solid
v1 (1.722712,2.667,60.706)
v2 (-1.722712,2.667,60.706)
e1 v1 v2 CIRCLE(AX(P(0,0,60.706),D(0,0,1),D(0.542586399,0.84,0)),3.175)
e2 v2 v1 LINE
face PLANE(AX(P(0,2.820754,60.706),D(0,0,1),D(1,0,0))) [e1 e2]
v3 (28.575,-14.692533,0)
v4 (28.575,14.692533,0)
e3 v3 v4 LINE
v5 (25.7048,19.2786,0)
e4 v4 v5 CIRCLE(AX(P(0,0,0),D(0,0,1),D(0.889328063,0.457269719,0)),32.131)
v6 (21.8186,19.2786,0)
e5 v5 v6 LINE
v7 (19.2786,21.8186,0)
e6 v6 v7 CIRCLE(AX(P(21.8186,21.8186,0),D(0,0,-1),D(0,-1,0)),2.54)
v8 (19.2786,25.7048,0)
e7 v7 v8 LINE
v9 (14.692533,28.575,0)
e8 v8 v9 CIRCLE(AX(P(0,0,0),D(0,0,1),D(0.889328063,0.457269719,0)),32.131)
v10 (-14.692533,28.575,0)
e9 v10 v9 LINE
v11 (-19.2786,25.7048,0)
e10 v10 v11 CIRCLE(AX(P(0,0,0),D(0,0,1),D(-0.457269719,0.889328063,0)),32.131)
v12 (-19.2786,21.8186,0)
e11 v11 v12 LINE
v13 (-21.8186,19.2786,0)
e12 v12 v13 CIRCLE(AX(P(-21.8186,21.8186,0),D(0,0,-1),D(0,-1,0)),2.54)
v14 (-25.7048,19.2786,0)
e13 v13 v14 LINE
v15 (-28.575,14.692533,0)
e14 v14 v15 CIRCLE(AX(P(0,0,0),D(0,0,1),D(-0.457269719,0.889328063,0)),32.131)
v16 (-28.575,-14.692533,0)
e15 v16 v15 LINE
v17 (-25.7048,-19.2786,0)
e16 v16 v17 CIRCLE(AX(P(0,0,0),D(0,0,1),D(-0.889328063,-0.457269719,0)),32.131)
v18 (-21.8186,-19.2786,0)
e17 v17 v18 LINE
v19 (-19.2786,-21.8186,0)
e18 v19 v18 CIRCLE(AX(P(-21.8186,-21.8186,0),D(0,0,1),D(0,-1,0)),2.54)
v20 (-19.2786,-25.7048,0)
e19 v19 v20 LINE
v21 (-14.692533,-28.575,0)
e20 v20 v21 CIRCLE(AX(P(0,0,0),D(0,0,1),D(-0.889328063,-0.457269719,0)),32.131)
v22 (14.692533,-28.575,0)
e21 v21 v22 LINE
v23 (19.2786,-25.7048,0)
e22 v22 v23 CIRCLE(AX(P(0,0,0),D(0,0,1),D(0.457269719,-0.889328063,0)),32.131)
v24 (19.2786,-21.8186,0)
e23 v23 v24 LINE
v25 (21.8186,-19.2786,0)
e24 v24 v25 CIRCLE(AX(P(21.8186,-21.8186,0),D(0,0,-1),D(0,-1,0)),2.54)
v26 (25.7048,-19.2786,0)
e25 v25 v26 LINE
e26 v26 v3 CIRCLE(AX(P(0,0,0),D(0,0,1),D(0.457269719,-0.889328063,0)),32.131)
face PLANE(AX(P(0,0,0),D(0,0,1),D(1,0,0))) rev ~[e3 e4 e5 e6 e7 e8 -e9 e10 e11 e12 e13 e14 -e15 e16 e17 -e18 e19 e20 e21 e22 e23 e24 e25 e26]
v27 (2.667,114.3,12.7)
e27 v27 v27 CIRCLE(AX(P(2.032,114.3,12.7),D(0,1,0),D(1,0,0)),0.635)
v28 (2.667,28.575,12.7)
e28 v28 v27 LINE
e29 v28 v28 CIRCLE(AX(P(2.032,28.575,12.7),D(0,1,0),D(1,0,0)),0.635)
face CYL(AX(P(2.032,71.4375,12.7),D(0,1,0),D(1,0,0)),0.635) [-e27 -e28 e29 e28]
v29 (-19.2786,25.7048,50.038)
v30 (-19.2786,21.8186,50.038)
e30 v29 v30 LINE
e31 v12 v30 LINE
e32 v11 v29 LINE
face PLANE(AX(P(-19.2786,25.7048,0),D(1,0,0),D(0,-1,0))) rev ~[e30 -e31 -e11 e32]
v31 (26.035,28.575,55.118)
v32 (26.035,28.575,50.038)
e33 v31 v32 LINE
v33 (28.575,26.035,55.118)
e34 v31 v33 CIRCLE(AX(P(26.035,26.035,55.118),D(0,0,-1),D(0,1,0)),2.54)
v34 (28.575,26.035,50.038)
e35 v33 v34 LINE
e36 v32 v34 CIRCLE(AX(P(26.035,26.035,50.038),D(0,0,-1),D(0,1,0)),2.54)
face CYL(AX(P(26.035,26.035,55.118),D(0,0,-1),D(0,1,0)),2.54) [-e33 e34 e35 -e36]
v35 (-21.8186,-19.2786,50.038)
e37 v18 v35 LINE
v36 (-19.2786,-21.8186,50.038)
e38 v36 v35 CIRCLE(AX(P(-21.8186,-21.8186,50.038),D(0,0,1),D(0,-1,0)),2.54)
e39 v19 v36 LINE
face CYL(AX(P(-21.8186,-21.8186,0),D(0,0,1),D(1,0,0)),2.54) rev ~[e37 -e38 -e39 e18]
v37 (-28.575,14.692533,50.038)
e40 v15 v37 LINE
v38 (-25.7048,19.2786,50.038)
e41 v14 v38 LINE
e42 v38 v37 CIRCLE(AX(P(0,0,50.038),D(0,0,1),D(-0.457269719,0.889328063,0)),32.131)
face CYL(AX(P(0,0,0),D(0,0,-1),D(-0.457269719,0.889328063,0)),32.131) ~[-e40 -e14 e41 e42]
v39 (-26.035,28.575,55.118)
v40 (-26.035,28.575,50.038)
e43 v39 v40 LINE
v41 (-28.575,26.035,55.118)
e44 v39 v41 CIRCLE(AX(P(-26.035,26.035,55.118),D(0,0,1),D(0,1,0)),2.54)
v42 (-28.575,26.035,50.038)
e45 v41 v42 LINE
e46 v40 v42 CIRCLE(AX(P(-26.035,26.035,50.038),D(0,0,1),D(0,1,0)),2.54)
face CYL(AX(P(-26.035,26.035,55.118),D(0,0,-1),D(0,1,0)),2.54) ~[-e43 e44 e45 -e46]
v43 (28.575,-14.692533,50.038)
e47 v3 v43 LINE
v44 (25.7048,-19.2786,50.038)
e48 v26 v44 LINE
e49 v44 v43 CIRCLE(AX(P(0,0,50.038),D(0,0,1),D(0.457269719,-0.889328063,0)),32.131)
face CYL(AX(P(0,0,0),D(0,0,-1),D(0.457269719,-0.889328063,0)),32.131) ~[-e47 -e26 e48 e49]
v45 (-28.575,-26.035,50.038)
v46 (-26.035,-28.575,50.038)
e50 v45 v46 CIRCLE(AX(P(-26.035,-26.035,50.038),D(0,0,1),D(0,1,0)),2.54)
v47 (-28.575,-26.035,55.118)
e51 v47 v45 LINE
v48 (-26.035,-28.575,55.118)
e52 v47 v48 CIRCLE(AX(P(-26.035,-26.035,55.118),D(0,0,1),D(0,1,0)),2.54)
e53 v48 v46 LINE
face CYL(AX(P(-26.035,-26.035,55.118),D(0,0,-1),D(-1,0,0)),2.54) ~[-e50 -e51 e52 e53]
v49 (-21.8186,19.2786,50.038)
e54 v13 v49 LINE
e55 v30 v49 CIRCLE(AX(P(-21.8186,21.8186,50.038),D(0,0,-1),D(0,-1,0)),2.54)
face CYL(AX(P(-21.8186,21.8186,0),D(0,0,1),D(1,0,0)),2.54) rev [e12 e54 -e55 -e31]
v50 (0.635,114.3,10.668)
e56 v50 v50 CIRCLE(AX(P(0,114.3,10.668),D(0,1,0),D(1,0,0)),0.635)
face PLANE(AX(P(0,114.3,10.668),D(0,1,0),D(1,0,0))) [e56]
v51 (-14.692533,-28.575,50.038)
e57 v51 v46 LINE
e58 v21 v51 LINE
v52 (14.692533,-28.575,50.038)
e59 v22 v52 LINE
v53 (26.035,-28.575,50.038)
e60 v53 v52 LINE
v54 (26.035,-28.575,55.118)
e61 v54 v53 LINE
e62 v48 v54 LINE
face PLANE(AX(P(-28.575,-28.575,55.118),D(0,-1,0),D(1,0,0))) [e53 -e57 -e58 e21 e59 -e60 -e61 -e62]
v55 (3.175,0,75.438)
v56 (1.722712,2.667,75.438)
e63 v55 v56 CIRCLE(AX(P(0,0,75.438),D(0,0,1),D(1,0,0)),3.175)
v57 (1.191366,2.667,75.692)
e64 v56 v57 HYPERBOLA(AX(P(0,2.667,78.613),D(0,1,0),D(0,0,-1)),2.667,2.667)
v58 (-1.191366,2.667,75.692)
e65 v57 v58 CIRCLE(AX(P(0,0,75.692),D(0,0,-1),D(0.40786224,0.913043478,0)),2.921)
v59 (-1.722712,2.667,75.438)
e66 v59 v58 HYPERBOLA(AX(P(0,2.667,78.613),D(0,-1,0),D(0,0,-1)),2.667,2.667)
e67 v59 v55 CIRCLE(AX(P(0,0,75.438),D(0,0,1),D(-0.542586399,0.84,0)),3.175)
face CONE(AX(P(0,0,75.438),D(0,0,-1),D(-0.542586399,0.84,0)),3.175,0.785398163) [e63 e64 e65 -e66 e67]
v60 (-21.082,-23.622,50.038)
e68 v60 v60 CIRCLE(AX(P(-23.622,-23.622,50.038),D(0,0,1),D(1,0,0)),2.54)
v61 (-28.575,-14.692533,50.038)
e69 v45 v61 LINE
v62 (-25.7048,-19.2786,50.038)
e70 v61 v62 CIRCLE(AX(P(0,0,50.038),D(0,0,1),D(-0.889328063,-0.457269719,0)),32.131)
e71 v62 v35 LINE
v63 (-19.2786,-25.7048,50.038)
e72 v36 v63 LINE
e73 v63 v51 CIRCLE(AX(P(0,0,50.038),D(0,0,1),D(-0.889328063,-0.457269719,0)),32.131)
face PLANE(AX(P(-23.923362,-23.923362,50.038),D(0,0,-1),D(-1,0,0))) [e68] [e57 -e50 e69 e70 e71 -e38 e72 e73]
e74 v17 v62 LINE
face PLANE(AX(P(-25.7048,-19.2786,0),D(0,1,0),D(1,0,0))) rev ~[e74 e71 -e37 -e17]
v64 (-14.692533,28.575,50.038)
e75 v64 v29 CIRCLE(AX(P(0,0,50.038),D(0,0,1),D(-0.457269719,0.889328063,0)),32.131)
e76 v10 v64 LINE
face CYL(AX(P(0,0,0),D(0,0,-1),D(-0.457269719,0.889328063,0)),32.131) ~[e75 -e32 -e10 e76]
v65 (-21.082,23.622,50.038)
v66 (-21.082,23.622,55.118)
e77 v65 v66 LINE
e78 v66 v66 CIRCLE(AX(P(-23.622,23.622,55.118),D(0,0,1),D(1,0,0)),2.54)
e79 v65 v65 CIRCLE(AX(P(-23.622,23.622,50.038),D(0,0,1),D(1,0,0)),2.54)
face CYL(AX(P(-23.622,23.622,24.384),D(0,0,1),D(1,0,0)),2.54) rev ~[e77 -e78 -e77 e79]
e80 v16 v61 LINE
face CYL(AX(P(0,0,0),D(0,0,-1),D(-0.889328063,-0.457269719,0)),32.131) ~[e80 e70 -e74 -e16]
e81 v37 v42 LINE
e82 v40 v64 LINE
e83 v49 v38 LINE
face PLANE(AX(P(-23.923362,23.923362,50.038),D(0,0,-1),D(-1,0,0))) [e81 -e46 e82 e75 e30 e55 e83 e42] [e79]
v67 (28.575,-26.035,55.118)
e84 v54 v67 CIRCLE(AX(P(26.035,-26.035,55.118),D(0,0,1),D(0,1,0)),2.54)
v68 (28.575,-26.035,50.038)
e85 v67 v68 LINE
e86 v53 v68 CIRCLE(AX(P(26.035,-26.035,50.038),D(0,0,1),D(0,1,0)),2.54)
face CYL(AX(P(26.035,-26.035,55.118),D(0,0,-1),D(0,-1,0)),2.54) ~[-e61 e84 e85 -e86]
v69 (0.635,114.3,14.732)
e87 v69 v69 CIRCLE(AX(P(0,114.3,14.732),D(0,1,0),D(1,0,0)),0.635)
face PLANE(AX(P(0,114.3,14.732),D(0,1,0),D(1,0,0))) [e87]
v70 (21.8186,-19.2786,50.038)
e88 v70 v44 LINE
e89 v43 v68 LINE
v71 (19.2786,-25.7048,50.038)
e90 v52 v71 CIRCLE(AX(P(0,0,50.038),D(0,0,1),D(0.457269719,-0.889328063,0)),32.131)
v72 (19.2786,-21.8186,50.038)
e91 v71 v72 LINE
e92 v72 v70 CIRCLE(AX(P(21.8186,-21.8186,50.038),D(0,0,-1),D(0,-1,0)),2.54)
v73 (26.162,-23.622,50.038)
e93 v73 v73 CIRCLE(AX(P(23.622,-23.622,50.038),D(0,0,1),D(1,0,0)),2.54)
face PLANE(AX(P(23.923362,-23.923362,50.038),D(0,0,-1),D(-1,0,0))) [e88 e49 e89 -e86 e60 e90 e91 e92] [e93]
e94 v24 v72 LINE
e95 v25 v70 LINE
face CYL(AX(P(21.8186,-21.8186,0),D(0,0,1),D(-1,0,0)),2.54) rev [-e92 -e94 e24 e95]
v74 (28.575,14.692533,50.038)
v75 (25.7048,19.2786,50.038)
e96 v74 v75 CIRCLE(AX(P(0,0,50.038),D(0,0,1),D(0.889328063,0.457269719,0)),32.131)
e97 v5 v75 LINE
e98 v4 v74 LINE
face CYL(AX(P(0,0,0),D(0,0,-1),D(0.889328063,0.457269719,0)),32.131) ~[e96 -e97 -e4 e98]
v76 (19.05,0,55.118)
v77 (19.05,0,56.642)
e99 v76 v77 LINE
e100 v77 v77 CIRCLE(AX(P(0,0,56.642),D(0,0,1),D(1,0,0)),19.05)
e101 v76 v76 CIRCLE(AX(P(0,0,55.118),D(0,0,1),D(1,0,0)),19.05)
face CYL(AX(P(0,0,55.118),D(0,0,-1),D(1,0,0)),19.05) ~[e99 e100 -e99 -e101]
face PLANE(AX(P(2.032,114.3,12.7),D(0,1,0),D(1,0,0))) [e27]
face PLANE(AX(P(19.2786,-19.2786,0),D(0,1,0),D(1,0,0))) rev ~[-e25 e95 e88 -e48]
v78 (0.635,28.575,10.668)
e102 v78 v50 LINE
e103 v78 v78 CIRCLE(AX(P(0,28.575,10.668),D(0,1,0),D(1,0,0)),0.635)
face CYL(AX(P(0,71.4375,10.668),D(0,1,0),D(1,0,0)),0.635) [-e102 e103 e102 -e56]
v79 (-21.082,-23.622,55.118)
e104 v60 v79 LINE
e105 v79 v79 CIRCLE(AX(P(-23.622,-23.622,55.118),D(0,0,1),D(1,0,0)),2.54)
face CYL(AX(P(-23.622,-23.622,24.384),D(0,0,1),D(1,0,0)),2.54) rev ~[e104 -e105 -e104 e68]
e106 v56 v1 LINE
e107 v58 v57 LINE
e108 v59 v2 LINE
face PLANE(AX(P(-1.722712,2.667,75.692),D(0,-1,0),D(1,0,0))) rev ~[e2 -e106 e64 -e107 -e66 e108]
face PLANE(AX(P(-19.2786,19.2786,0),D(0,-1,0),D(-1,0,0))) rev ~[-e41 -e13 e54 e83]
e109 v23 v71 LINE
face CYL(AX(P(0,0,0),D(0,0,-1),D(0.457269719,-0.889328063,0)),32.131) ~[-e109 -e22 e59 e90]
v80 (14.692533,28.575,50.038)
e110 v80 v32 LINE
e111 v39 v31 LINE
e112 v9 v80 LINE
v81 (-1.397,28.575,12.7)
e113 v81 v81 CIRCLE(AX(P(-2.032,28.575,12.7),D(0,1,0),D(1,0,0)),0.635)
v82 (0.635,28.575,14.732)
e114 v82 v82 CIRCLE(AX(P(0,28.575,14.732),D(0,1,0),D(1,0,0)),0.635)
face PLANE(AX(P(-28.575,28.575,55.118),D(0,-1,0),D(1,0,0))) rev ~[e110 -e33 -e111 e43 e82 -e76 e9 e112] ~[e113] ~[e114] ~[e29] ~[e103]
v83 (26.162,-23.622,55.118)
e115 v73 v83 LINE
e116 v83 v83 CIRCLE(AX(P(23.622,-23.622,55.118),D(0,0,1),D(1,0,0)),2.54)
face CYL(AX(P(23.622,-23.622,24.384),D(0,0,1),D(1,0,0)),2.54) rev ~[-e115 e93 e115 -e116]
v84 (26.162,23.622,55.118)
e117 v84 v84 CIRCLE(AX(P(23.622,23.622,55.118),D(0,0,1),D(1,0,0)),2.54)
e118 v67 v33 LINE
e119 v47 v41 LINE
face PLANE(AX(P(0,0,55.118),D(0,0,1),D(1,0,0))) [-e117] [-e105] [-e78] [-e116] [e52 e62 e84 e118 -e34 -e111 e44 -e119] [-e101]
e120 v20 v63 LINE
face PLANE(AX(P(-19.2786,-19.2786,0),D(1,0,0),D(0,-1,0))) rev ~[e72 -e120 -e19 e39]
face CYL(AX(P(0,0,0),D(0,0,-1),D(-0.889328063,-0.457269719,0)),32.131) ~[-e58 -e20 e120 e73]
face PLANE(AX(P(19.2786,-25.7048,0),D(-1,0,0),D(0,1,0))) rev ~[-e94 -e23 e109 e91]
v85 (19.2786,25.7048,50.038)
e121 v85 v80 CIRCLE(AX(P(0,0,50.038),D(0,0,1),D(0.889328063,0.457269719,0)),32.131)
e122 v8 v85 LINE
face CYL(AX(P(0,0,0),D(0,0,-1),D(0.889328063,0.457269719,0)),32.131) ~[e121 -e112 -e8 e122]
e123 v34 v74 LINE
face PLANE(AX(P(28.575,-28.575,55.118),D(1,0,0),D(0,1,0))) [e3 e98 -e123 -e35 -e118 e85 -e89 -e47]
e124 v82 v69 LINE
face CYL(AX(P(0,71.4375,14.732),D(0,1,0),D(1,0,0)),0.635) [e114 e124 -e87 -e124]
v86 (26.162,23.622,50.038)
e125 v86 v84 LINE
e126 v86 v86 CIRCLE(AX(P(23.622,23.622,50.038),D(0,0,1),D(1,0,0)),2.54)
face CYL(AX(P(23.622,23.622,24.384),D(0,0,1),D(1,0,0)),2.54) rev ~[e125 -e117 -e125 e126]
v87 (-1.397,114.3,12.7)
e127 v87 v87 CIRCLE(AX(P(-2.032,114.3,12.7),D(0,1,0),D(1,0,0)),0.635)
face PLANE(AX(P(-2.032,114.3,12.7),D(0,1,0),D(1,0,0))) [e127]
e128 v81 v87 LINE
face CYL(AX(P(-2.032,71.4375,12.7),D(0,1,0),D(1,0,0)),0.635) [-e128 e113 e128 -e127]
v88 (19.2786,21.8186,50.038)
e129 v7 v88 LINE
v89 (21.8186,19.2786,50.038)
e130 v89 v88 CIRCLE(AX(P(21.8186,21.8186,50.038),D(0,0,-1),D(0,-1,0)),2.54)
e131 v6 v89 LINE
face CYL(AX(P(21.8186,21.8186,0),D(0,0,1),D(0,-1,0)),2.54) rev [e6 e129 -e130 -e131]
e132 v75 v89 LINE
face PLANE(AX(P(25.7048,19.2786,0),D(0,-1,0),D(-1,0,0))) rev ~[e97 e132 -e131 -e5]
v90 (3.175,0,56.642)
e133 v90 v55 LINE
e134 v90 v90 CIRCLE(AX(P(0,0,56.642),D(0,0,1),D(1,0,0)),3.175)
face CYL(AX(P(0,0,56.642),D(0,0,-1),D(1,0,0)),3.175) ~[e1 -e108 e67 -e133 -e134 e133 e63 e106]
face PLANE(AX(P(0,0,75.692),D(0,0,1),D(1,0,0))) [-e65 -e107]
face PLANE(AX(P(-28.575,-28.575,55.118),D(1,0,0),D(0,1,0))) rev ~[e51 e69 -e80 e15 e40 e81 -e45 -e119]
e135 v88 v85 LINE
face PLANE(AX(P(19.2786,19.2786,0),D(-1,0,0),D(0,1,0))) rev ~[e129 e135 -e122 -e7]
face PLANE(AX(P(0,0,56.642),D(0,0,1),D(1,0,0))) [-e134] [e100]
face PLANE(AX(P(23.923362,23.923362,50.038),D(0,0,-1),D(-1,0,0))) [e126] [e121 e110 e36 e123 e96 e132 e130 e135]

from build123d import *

# Parameters (mm, degrees)
SKETCH1_W           = 57.15
SKETCH1_H           = 57.15
BOSS_EXTRUDE1_DEPTH = 55.118
CUT_EXTRUDE1_DEPTH  = 50.038
CUT_EXTRUDE2_DEPTH  = 50.038
CUT_EXTRUDE3_DEPTH  = 50.038
CUT_EXTRUDE4_DEPTH  = 50.038
CUT_EXTRUDE5_DEPTH  = 50.038
CUT_EXTRUDE6_DEPTH  = 50.038
CUT_EXTRUDE7_DEPTH  = 50.038
CUT_EXTRUDE8_DEPTH  = 50.038
SKETCH10_R          = 19.05
BOSS_EXTRUDE2_DEPTH = 1.524
SKETCH11_R          = 3.175
BOSS_EXTRUDE3_DEPTH = 19.05
CUT_EXTRUDE9_DEPTH  = 14.986
SKETCH13_W          = 0.635
SKETCH13_H          = 85.725
SKETCH14_W          = 0.635
SKETCH14_H          = 85.725
SKETCH15_W          = 0.635
SKETCH15_H          = 85.725
SKETCH16_W          = 0.635
SKETCH16_H          = 85.725
HOLE1_D             = 5.08
HOLE1_DEPTH         = 25.654
HOLE2_D             = 5.08
HOLE2_DEPTH         = 25.654
HOLE3_D             = 5.08
HOLE3_DEPTH         = 25.654
HOLE4_D             = 5.08
HOLE4_DEPTH         = 25.654
CHAMFER1_SIZE       = 0.254
FILLET1_R           = 2.54
FILLET2_R           = 2.54
FILLET3_R           = 2.54
FILLET4_R           = 2.54
FILLET5_R           = 2.54
FILLET6_R           = 2.54
FILLET7_R           = 2.54
FILLET8_R           = 2.54


with BuildPart() as part:
    # Sketch1 → Boss-Extrude1 (new body)
    with BuildSketch(Plane.XY.offset(55.118)):
        Rectangle(SKETCH1_W, SKETCH1_H)
    extrude(amount=-BOSS_EXTRUDE1_DEPTH)

    # Sketch2 → Cut-Extrude1 (cut)
    with BuildSketch(Plane(origin=(0, 0, 0), x_dir=(-1, 0, 0), z_dir=(0, 0, -1))):
        with BuildLine():
            Line((-28.575, -28.575), (-14.692533342, -28.575))
            ThreePointArc((-14.692533342, -28.575), (-22.720047986, -22.720047986), (-28.575, -14.692533342))
            Line((-28.575, -14.692533342), (-28.575, -28.575))
        make_face()
    extrude(amount=-CUT_EXTRUDE1_DEPTH, mode=Mode.SUBTRACT)

    # Sketch3 → Cut-Extrude2 (cut)
    with BuildSketch(Plane(origin=(0, 0, 0), x_dir=(-1, 0, 0), z_dir=(0, 0, -1))):
        with BuildLine():
            Line((-19.2786, -25.7048), (-19.2786, -19.2786))
            Line((-19.2786, -19.2786), (-25.7048, -19.2786))
            ThreePointArc((-25.7048, -19.2786), (-22.720047986, -22.720047986), (-19.2786, -25.7048))
        make_face()
    extrude(amount=-CUT_EXTRUDE2_DEPTH, mode=Mode.SUBTRACT)

    # Sketch4 → Cut-Extrude3 (cut)
    with BuildSketch(Plane(origin=(0, 0, 0), x_dir=(-1, 0, 0), z_dir=(0, 0, -1))):
        with BuildLine():
            Line((-28.575, 28.575), (-28.575, 14.692533342))
            ThreePointArc((-28.575, 14.692533342), (-22.720047986, 22.720047986), (-14.692533342, 28.575))
            Line((-14.692533342, 28.575), (-28.575, 28.575))
        make_face()
    extrude(amount=-CUT_EXTRUDE3_DEPTH, mode=Mode.SUBTRACT)

    # Sketch5 → Cut-Extrude4 (cut)
    with BuildSketch(Plane(origin=(0, 0, 0), x_dir=(-1, 0, 0), z_dir=(0, 0, -1))):
        with BuildLine():
            Line((-25.7048, 19.2786), (-19.2786, 19.2786))
            Line((-19.2786, 19.2786), (-19.2786, 25.7048))
            ThreePointArc((-19.2786, 25.7048), (-22.720047986, 22.720047986), (-25.7048, 19.2786))
        make_face()
    extrude(amount=-CUT_EXTRUDE4_DEPTH, mode=Mode.SUBTRACT)

    # Sketch6 → Cut-Extrude5 (cut)
    with BuildSketch(Plane(origin=(0, 0, 0), x_dir=(-1, 0, 0), z_dir=(0, 0, -1))):
        with BuildLine():
            Line((28.575, 28.575), (14.692533342, 28.575))
            ThreePointArc((14.692533342, 28.575), (22.720047986, 22.720047986), (28.575, 14.692533342))
            Line((28.575, 14.692533342), (28.575, 28.575))
        make_face()
    extrude(amount=-CUT_EXTRUDE5_DEPTH, mode=Mode.SUBTRACT)

    # Sketch7 → Cut-Extrude6 (cut)
    with BuildSketch(Plane(origin=(0, 0, 0), x_dir=(-1, 0, 0), z_dir=(0, 0, -1))):
        with BuildLine():
            Line((19.2786, 25.7048), (19.2786, 19.2786))
            Line((19.2786, 19.2786), (25.7048, 19.2786))
            ThreePointArc((25.7048, 19.2786), (22.720047986, 22.720047986), (19.2786, 25.7048))
        make_face()
    extrude(amount=-CUT_EXTRUDE6_DEPTH, mode=Mode.SUBTRACT)

    # Sketch8 → Cut-Extrude7 (cut)
    with BuildSketch(Plane(origin=(0, 0, 0), x_dir=(-1, 0, 0), z_dir=(0, 0, -1))):
        with BuildLine():
            Line((28.575, -28.575), (28.575, -14.692533342))
            ThreePointArc((28.575, -14.692533342), (22.720047986, -22.720047986), (14.692533342, -28.575))
            Line((14.692533342, -28.575), (28.575, -28.575))
        make_face()
    extrude(amount=-CUT_EXTRUDE7_DEPTH, mode=Mode.SUBTRACT)

    # Sketch9 → Cut-Extrude8 (cut)
    with BuildSketch(Plane(origin=(0, 0, 0), x_dir=(-1, 0, 0), z_dir=(0, 0, -1))):
        with BuildLine():
            Line((25.7048, -19.2786), (19.2786, -19.2786))
            Line((19.2786, -19.2786), (19.2786, -25.7048))
            ThreePointArc((19.2786, -25.7048), (22.720047986, -22.720047986), (25.7048, -19.2786))
        make_face()
    extrude(amount=-CUT_EXTRUDE8_DEPTH, mode=Mode.SUBTRACT)

    # Sketch10 → Boss-Extrude2 (add)
    with BuildSketch(Plane.XY.offset(55.118)):
        Circle(SKETCH10_R)
    extrude(amount=BOSS_EXTRUDE2_DEPTH)

    # Sketch11 → Boss-Extrude3 (add)
    with BuildSketch(Plane.XY.offset(56.642)):
        Circle(SKETCH11_R)
    extrude(amount=BOSS_EXTRUDE3_DEPTH)

    # Sketch12 → Cut-Extrude9 (cut)
    with BuildSketch(Plane.XY.offset(75.692)):
        with BuildLine():
            Line((-1.722711816, 2.667), (1.722711816, 2.667))
            ThreePointArc((1.722711816, 2.667), (0, 3.175), (-1.722711816, 2.667))
        make_face()
    extrude(amount=-CUT_EXTRUDE9_DEPTH, mode=Mode.SUBTRACT)

    # Sketch13 → Revolve1 (revolve)
    with BuildSketch(Plane(origin=(0, 0, 12.7), x_dir=(-1, 0, 0), z_dir=(0, 0, -1))):
        with Locations((1.7145, 71.4375)):
            Rectangle(SKETCH13_W, SKETCH13_H)
    revolve(axis=Axis((-2.032, 28.575, 12.7), (0, 1, 0)))

    # Sketch14 → Revolve2 (revolve)
    with BuildSketch(Plane(origin=(0, 0, 12.7), x_dir=(-1, 0, 0), z_dir=(0, 0, -1))):
        with Locations((-2.3495, 71.4375)):
            Rectangle(SKETCH14_W, SKETCH14_H)
    revolve(axis=Axis((2.032, 28.575, 12.7), (0, 1, 0)))

    # Sketch15 → Revolve3 (revolve)
    with BuildSketch(Plane(origin=(0, 0, 14.732), x_dir=(-1, 0, 0), z_dir=(0, 0, -1))):
        with Locations((-0.3175, 71.4375)):
            Rectangle(SKETCH15_W, SKETCH15_H)
    revolve(axis=Axis((0, 28.575, 14.732), (0, 1, 0)))

    # Sketch16 → Revolve4 (revolve)
    with BuildSketch(Plane(origin=(0, 0, 10.668), x_dir=(-1, 0, 0), z_dir=(0, 0, -1))):
        with Locations((-0.3175, 71.4375)):
            Rectangle(SKETCH16_W, SKETCH16_H)
    revolve(axis=Axis((0, 28.575, 10.668), (0, 1, 0)))

    # Hole1
    with Locations(Plane(origin=(0, 0, 50.038), x_dir=(-1, 0, 0), z_dir=(0, 0, -1))):
        with Locations((23.622, -23.622)):
            Hole(HOLE1_D / 2, depth=HOLE1_DEPTH)

    # Hole2
    with Locations(Plane(origin=(0, 0, 50.038), x_dir=(-1, 0, 0), z_dir=(0, 0, -1))):
        with Locations((23.622, 23.622)):
            Hole(HOLE2_D / 2, depth=HOLE2_DEPTH)

    # Hole3
    with Locations(Plane(origin=(0, 0, 50.038), x_dir=(-1, 0, 0), z_dir=(0, 0, -1))):
        with Locations((-23.622, 23.622)):
            Hole(HOLE3_D / 2, depth=HOLE3_DEPTH)

    # Hole4
    with Locations(Plane(origin=(0, 0, 50.038), x_dir=(-1, 0, 0), z_dir=(0, 0, -1))):
        with Locations((-23.622, -23.622)):
            Hole(HOLE4_D / 2, depth=HOLE4_DEPTH)

    # Chamfer1
    chamfer1_edges = [part.edges().sort_by_distance(p)[0] for p in [
        (-1.51838977, -2.78838977, 75.692),
    ]]
    chamfer(chamfer1_edges, length=CHAMFER1_SIZE)

    # Fillet1
    fillet1_edges = [part.edges().sort_by_distance(p)[0] for p in [
        (-28.575, 28.575, 52.578),
    ]]
    fillet(fillet1_edges, radius=FILLET1_R)

    # Fillet2
    fillet2_edges = [part.edges().sort_by_distance(p)[0] for p in [
        (-28.575, -28.575, 52.578),
    ]]
    fillet(fillet2_edges, radius=FILLET2_R)

    # Fillet3
    fillet3_edges = [part.edges().sort_by_distance(p)[0] for p in [
        (28.575, 28.575, 52.578),
    ]]
    fillet(fillet3_edges, radius=FILLET3_R)

    # Fillet4
    fillet4_edges = [part.edges().sort_by_distance(p)[0] for p in [
        (-19.2786, 19.2786, 25.019),
    ]]
    fillet(fillet4_edges, radius=FILLET4_R)

    # Fillet5
    fillet5_edges = [part.edges().sort_by_distance(p)[0] for p in [
        (28.575, -28.575, 52.578),
    ]]
    fillet(fillet5_edges, radius=FILLET5_R)

    # Fillet6
    fillet6_edges = [part.edges().sort_by_distance(p)[0] for p in [
        (19.2786, -19.2786, 25.019),
    ]]
    fillet(fillet6_edges, radius=FILLET6_R)

    # Fillet7
    fillet7_edges = [part.edges().sort_by_distance(p)[0] for p in [
        (19.2786, 19.2786, 25.019),
    ]]
    fillet(fillet7_edges, radius=FILLET7_R)

    # Fillet8
    fillet8_edges = [part.edges().sort_by_distance(p)[0] for p in [
        (-19.2786, -19.2786, 25.019),
    ]]
    fillet(fillet8_edges, radius=FILLET8_R)


solid = part.part
